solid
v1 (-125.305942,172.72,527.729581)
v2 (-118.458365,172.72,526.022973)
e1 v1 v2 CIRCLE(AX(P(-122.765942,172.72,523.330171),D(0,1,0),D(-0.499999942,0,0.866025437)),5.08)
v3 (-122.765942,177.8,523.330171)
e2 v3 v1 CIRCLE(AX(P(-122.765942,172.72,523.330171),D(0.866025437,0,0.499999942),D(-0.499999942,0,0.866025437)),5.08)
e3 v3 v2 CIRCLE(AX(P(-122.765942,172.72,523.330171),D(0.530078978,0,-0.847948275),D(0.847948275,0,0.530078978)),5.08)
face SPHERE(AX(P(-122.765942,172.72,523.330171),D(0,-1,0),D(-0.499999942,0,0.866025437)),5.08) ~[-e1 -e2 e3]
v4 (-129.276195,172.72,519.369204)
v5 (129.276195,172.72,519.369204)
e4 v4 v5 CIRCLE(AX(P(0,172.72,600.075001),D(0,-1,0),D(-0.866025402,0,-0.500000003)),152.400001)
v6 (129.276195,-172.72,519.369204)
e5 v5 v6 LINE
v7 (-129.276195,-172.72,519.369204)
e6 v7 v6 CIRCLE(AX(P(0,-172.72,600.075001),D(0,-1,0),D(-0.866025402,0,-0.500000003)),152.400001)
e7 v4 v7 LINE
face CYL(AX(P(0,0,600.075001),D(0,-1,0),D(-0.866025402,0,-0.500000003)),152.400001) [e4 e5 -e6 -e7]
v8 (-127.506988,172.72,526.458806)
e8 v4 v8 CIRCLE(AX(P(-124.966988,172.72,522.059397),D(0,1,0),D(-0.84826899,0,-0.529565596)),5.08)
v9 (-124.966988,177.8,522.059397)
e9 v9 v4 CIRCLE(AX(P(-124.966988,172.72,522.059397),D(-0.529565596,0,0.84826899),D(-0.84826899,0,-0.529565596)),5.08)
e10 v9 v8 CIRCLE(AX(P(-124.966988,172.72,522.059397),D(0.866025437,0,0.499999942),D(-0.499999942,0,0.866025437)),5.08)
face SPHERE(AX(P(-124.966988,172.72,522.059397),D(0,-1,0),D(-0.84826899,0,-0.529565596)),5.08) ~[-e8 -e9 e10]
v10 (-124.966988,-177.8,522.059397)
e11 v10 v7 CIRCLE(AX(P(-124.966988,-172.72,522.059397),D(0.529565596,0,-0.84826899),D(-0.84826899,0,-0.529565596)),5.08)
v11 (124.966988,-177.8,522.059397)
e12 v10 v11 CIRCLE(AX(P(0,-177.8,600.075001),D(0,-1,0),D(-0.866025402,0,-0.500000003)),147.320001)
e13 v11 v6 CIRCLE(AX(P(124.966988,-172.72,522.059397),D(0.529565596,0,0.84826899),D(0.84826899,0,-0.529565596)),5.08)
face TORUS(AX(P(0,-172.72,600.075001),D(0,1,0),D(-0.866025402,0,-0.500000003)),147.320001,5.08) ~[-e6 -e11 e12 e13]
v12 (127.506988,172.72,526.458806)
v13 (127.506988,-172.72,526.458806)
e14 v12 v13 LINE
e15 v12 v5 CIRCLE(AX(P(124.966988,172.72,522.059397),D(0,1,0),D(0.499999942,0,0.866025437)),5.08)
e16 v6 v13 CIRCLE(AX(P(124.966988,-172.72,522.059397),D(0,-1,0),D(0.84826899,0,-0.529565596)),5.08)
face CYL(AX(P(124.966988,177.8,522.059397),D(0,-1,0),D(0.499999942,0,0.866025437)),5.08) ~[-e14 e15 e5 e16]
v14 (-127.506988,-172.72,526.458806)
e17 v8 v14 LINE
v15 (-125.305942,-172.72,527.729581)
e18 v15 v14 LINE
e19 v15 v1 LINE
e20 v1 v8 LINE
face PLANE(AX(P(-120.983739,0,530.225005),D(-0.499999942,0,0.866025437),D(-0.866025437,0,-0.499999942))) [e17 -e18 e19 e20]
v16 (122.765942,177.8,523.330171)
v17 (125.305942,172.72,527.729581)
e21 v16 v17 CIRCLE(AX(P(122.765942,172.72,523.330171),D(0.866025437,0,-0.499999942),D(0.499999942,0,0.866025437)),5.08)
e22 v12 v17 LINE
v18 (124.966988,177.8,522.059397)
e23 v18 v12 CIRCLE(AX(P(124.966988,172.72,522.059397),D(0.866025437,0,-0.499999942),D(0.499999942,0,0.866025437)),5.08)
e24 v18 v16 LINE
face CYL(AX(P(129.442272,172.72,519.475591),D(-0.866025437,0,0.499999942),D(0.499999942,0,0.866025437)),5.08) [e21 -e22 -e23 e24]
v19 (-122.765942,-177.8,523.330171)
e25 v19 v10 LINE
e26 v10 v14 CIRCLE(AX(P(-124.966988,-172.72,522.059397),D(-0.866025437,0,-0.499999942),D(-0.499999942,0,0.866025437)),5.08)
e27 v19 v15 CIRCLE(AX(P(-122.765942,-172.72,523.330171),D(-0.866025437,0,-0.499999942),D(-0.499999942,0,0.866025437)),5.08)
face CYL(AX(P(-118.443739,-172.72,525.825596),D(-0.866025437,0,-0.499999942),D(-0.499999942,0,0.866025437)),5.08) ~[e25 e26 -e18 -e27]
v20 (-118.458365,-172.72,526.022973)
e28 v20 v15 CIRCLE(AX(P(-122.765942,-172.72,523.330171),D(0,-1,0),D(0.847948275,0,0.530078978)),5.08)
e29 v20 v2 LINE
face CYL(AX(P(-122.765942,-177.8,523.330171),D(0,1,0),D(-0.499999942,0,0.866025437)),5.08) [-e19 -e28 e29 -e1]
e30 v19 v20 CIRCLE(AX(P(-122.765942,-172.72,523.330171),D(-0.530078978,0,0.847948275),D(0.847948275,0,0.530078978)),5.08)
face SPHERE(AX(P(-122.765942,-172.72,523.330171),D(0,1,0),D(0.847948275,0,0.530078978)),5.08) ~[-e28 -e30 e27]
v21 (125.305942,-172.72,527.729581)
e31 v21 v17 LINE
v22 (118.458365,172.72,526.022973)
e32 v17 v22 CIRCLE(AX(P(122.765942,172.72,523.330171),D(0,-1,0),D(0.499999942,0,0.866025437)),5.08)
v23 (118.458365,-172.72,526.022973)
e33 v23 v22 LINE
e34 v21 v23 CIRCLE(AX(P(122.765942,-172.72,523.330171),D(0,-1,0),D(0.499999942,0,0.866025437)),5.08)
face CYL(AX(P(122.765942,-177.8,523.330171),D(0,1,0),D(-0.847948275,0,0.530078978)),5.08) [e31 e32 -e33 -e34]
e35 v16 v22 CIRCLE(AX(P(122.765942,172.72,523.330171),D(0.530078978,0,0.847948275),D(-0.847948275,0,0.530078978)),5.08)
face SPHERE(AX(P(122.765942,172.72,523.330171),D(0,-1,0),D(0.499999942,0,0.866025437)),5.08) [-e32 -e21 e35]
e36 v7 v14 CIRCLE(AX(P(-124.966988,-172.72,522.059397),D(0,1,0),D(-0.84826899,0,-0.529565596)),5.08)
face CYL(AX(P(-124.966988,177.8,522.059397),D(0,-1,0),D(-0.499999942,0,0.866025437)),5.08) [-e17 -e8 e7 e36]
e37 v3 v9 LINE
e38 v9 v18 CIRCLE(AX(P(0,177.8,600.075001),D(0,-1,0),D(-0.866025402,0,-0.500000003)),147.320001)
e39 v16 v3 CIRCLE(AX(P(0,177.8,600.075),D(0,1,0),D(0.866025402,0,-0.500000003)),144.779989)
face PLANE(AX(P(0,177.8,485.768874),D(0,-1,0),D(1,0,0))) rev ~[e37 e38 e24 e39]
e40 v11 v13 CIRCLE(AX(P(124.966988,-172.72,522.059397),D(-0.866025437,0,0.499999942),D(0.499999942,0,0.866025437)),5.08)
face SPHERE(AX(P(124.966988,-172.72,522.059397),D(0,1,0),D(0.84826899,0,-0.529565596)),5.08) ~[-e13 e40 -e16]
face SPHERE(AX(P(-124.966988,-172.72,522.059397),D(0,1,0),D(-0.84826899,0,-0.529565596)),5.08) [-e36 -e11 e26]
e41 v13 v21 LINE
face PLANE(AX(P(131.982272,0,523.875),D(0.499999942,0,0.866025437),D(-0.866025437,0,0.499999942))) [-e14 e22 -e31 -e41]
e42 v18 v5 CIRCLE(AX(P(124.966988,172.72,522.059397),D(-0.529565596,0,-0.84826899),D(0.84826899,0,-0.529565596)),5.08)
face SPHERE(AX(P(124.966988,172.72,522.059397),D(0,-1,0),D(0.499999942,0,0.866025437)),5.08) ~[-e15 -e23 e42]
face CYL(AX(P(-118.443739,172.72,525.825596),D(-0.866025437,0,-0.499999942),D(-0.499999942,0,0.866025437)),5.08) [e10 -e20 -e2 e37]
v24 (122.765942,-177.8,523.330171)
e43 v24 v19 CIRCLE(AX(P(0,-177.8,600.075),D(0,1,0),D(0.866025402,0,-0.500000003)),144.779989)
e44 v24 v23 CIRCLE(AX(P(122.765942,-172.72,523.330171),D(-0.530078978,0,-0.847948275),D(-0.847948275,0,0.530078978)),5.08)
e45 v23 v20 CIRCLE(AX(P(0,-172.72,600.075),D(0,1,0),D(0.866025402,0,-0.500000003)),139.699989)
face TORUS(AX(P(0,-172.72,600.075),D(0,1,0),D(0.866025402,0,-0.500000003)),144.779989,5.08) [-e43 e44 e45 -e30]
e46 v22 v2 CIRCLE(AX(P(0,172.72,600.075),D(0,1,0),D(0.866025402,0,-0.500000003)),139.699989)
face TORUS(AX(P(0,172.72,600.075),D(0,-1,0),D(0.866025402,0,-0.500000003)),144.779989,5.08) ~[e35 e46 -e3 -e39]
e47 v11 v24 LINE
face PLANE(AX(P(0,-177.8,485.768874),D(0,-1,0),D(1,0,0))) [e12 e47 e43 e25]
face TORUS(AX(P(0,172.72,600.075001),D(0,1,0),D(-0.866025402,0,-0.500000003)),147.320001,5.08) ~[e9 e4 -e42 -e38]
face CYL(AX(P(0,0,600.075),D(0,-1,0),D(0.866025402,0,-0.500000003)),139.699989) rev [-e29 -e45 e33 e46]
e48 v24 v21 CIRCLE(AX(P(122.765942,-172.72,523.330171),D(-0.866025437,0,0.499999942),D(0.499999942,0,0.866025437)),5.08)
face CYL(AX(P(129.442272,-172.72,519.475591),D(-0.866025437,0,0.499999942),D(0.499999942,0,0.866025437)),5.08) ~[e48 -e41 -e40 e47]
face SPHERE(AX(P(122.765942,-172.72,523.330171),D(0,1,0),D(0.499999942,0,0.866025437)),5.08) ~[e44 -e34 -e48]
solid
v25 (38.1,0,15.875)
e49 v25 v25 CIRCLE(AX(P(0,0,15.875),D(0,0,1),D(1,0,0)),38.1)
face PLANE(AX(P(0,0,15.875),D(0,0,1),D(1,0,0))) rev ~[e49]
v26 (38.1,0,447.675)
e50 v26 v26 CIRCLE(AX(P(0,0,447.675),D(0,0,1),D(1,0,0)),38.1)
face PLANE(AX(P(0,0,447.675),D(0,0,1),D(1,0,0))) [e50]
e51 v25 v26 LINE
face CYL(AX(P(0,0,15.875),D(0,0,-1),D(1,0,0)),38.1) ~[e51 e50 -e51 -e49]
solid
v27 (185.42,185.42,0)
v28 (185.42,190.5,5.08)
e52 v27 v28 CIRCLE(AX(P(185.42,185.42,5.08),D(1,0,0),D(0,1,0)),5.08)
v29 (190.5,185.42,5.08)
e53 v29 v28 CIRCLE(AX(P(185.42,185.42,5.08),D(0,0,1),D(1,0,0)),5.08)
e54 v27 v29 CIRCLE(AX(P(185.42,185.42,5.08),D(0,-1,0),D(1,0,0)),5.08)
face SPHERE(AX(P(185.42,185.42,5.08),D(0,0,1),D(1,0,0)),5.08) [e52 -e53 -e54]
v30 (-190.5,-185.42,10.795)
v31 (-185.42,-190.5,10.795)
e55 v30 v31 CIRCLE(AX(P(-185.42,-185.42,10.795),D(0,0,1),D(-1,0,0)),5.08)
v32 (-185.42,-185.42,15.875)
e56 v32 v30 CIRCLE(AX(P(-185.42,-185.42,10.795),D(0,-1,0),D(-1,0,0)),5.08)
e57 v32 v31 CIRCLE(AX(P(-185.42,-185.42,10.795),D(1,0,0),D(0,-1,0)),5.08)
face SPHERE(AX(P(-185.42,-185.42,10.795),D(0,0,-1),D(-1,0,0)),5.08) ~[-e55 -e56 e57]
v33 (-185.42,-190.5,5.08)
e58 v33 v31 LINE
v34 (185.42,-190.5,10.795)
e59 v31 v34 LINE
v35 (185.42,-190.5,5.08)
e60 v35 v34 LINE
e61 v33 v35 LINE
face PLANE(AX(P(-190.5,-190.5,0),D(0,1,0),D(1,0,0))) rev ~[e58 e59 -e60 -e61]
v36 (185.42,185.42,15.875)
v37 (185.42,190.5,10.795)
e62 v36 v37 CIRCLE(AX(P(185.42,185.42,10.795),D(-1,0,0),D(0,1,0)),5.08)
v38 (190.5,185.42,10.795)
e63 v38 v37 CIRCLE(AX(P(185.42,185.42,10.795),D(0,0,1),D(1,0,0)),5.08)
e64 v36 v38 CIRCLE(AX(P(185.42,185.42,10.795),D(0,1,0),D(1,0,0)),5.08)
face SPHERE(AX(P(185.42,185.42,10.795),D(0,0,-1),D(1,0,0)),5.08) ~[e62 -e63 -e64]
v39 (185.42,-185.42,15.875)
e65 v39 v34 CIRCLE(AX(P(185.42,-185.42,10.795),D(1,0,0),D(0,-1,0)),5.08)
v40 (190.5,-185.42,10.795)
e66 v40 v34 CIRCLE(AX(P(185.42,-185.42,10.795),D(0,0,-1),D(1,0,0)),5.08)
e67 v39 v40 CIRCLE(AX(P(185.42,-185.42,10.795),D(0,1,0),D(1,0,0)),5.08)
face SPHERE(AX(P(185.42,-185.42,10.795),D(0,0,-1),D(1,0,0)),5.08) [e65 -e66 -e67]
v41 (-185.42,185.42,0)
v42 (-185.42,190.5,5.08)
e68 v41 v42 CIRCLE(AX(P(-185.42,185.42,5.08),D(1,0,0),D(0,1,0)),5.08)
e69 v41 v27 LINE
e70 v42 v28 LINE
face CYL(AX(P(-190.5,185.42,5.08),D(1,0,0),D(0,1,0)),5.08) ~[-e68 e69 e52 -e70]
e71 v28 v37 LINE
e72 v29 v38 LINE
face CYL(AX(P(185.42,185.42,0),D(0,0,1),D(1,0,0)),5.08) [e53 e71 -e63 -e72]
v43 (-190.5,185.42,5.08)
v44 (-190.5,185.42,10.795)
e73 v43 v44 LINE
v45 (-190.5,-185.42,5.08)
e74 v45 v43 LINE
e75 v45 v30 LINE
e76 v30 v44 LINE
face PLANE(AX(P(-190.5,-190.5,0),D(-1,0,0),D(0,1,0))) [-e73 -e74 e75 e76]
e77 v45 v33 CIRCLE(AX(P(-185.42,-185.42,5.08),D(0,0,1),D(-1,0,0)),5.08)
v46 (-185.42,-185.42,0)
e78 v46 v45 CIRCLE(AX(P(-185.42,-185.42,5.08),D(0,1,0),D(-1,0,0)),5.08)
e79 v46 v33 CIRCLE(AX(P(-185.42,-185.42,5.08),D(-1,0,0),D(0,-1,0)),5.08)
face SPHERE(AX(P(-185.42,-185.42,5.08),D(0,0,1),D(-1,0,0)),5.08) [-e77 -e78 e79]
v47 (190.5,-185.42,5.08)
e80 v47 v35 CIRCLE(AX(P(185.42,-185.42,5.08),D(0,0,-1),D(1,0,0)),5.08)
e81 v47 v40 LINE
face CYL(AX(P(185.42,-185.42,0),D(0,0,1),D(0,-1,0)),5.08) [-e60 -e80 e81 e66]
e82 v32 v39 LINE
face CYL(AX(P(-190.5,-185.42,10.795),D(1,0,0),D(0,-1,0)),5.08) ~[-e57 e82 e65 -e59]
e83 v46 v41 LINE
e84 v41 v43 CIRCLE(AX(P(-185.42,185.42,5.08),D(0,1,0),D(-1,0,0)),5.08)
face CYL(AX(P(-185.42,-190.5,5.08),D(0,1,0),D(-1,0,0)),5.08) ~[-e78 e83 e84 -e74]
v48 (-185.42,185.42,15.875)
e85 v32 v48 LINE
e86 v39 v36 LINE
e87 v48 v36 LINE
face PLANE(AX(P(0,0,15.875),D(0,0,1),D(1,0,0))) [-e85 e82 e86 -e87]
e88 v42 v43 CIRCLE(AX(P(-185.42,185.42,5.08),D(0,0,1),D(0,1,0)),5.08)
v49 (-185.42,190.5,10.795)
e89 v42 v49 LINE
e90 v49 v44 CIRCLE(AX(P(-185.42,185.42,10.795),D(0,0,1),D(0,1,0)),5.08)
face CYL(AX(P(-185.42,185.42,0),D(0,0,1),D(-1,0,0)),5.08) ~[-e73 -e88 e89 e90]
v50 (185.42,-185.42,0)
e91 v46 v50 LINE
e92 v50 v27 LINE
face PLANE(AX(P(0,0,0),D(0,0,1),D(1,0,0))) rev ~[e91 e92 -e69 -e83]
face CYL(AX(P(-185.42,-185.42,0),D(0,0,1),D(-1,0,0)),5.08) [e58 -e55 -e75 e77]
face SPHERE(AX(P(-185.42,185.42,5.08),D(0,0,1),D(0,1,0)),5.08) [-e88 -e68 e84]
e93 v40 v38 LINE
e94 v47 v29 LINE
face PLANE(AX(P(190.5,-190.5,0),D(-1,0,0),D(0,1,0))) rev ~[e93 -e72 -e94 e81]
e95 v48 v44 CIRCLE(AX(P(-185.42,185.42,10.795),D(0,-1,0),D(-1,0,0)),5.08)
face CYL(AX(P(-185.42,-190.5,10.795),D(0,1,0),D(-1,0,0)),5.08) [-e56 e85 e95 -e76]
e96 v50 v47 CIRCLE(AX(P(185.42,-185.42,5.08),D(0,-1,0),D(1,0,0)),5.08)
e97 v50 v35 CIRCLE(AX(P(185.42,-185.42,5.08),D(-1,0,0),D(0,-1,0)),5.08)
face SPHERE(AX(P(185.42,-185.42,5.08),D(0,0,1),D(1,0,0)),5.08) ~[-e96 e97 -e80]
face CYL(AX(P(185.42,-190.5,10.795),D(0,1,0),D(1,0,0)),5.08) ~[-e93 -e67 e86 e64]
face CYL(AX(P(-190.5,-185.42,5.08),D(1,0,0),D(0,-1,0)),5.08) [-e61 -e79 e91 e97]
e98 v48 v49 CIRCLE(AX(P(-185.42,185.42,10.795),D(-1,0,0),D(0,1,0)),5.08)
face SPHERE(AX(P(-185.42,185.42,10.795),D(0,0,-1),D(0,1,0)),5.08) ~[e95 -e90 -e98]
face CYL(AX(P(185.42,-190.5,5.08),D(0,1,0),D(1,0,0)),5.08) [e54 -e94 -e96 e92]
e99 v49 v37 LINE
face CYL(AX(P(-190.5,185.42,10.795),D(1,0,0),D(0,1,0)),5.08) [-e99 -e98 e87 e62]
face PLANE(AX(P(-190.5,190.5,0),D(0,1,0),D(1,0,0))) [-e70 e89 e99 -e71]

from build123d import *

# Parameters (mm, degrees)
F0_W      = 381
F0_H      = 381
F1_DEPTH  = 15.875
F2_R      = 38.1
F3_DEPTH  = 431.8
F5_DEPTH  = 177.8
F6_R      = 5.08
F7_R      = 5.08
F10_DEPTH = 177.8
F11_R     = 5.08
F12_R     = 5.08


with BuildPart() as f1:
    # F0 (on Top) → F1 (new body)
    with BuildSketch(Plane.XY):
        Rectangle(F0_W, F0_H)
    extrude(amount=F1_DEPTH)

    # F12
    f12_edges = [f1.edges().sort_by_distance(p)[0] for p in [
        (190.5, -190.5, 7.9375),
        (190.5, 190.5, 7.9375),
        (-190.5, -190.5, 7.9375),
        (-190.5, 190.5, 7.9375),
        (190.5, 0, 0),
        (0, 190.5, 0),
        (-190.5, 0, 0),
        (0, -190.5, 0),
        (190.5, 0, 15.875),
        (0, 190.5, 15.875),
        (-190.5, 0, 15.875),
        (0, -190.5, 15.875),
    ]]
    fillet(f12_edges, radius=F12_R)


with BuildPart() as f3:
    # F2 (on face) → F3 (new body)
    with BuildSketch(Plane.XY.offset(15.875)):
        Circle(F2_R)
    extrude(amount=F3_DEPTH)


with BuildPart() as f5:
    # F4 (on Front) → F5 (new body, symmetric)
    with BuildSketch(Plane.XZ):
        with BuildLine():
            ThreePointArc((131.982272, -76.2), (0, -152.4), (-131.982272, -76.2))
            Line((-131.982272, -76.2), (-142.980794, -82.55))
            ThreePointArc((-142.980794, -82.55), (0, -165.1), (142.980794, -82.55))
            Line((142.980794, -82.55), (131.982272, -76.2))
        make_face()
    extrude(amount=F5_DEPTH, both=True)

    # F6
    f6_edges = [f5.edges().sort_by_distance(p)[0] for p in [
        (137.481533, -177.8, -79.375),
        (137.481533, 177.8, -79.375),
        (-137.481533, 177.8, -79.375),
        (-137.481533, -177.8, -79.375),
    ]]
    fillet(f6_edges, radius=F6_R)

    # F7
    f7_edges = [f5.edges().sort_by_distance(p)[0] for p in [
        (131.982272, 0, -76.2),
        (131.231878, 176.312407, -77.485187),
        (131.231878, -176.312407, -77.485187),
        (0, 177.8, -152.4),
        (0, -177.8, -152.4),
        (-131.231878, 176.312407, -77.485187),
        (-131.231878, -176.312407, -77.485187),
        (-131.982272, 0, -76.2),
        (0, 177.8, -165.1),
        (-142.230907, 176.312362, -83.835428),
        (142.230907, 176.312362, -83.835428),
        (-142.980794, 0, -82.55),
        (142.980794, 0, -82.55),
        (-142.230907, -176.312362, -83.835428),
        (142.230907, -176.312362, -83.835428),
        (0, -177.8, -165.1),
    ]]
    fillet(f7_edges, radius=F7_R)


with BuildPart() as f10:
    # F9 (on Front) → F10 (new body, symmetric)
    with BuildSketch(Plane.XZ):
        with BuildLine():
            Line((-120.983739, 530.225005), (-131.982272, 523.875))
            ThreePointArc((-131.982272, 523.875), (0, 447.675), (131.982272, 523.875))
            Line((131.982272, 523.875), (120.983739, 530.225005))
            ThreePointArc((120.983739, 530.225005), (0, 460.375011), (-120.983739, 530.225005))
        make_face()
    extrude(amount=F10_DEPTH, both=True)

    # F11
    f11_edges = [f10.edges().sort_by_distance(p)[0] for p in [
        (126.483005, -177.8, 527.050003),
        (-126.483005, -177.8, 527.050003),
        (126.483005, 177.8, 527.050003),
        (-126.483005, 177.8, 527.050003),
        (0, 177.8, 460.375011),
        (-120.983739, 0, 530.225005),
        (0, -177.8, 460.375011),
        (120.983739, 0, 530.225005),
        (-131.982272, 0, 523.875),
        (0, 177.8, 447.675),
        (131.982272, 0, 523.875),
        (0, -177.8, 447.675),
    ]]
    fillet(f11_edges, radius=F11_R)


solid = Compound([f1.part, f3.part, f10.part])
